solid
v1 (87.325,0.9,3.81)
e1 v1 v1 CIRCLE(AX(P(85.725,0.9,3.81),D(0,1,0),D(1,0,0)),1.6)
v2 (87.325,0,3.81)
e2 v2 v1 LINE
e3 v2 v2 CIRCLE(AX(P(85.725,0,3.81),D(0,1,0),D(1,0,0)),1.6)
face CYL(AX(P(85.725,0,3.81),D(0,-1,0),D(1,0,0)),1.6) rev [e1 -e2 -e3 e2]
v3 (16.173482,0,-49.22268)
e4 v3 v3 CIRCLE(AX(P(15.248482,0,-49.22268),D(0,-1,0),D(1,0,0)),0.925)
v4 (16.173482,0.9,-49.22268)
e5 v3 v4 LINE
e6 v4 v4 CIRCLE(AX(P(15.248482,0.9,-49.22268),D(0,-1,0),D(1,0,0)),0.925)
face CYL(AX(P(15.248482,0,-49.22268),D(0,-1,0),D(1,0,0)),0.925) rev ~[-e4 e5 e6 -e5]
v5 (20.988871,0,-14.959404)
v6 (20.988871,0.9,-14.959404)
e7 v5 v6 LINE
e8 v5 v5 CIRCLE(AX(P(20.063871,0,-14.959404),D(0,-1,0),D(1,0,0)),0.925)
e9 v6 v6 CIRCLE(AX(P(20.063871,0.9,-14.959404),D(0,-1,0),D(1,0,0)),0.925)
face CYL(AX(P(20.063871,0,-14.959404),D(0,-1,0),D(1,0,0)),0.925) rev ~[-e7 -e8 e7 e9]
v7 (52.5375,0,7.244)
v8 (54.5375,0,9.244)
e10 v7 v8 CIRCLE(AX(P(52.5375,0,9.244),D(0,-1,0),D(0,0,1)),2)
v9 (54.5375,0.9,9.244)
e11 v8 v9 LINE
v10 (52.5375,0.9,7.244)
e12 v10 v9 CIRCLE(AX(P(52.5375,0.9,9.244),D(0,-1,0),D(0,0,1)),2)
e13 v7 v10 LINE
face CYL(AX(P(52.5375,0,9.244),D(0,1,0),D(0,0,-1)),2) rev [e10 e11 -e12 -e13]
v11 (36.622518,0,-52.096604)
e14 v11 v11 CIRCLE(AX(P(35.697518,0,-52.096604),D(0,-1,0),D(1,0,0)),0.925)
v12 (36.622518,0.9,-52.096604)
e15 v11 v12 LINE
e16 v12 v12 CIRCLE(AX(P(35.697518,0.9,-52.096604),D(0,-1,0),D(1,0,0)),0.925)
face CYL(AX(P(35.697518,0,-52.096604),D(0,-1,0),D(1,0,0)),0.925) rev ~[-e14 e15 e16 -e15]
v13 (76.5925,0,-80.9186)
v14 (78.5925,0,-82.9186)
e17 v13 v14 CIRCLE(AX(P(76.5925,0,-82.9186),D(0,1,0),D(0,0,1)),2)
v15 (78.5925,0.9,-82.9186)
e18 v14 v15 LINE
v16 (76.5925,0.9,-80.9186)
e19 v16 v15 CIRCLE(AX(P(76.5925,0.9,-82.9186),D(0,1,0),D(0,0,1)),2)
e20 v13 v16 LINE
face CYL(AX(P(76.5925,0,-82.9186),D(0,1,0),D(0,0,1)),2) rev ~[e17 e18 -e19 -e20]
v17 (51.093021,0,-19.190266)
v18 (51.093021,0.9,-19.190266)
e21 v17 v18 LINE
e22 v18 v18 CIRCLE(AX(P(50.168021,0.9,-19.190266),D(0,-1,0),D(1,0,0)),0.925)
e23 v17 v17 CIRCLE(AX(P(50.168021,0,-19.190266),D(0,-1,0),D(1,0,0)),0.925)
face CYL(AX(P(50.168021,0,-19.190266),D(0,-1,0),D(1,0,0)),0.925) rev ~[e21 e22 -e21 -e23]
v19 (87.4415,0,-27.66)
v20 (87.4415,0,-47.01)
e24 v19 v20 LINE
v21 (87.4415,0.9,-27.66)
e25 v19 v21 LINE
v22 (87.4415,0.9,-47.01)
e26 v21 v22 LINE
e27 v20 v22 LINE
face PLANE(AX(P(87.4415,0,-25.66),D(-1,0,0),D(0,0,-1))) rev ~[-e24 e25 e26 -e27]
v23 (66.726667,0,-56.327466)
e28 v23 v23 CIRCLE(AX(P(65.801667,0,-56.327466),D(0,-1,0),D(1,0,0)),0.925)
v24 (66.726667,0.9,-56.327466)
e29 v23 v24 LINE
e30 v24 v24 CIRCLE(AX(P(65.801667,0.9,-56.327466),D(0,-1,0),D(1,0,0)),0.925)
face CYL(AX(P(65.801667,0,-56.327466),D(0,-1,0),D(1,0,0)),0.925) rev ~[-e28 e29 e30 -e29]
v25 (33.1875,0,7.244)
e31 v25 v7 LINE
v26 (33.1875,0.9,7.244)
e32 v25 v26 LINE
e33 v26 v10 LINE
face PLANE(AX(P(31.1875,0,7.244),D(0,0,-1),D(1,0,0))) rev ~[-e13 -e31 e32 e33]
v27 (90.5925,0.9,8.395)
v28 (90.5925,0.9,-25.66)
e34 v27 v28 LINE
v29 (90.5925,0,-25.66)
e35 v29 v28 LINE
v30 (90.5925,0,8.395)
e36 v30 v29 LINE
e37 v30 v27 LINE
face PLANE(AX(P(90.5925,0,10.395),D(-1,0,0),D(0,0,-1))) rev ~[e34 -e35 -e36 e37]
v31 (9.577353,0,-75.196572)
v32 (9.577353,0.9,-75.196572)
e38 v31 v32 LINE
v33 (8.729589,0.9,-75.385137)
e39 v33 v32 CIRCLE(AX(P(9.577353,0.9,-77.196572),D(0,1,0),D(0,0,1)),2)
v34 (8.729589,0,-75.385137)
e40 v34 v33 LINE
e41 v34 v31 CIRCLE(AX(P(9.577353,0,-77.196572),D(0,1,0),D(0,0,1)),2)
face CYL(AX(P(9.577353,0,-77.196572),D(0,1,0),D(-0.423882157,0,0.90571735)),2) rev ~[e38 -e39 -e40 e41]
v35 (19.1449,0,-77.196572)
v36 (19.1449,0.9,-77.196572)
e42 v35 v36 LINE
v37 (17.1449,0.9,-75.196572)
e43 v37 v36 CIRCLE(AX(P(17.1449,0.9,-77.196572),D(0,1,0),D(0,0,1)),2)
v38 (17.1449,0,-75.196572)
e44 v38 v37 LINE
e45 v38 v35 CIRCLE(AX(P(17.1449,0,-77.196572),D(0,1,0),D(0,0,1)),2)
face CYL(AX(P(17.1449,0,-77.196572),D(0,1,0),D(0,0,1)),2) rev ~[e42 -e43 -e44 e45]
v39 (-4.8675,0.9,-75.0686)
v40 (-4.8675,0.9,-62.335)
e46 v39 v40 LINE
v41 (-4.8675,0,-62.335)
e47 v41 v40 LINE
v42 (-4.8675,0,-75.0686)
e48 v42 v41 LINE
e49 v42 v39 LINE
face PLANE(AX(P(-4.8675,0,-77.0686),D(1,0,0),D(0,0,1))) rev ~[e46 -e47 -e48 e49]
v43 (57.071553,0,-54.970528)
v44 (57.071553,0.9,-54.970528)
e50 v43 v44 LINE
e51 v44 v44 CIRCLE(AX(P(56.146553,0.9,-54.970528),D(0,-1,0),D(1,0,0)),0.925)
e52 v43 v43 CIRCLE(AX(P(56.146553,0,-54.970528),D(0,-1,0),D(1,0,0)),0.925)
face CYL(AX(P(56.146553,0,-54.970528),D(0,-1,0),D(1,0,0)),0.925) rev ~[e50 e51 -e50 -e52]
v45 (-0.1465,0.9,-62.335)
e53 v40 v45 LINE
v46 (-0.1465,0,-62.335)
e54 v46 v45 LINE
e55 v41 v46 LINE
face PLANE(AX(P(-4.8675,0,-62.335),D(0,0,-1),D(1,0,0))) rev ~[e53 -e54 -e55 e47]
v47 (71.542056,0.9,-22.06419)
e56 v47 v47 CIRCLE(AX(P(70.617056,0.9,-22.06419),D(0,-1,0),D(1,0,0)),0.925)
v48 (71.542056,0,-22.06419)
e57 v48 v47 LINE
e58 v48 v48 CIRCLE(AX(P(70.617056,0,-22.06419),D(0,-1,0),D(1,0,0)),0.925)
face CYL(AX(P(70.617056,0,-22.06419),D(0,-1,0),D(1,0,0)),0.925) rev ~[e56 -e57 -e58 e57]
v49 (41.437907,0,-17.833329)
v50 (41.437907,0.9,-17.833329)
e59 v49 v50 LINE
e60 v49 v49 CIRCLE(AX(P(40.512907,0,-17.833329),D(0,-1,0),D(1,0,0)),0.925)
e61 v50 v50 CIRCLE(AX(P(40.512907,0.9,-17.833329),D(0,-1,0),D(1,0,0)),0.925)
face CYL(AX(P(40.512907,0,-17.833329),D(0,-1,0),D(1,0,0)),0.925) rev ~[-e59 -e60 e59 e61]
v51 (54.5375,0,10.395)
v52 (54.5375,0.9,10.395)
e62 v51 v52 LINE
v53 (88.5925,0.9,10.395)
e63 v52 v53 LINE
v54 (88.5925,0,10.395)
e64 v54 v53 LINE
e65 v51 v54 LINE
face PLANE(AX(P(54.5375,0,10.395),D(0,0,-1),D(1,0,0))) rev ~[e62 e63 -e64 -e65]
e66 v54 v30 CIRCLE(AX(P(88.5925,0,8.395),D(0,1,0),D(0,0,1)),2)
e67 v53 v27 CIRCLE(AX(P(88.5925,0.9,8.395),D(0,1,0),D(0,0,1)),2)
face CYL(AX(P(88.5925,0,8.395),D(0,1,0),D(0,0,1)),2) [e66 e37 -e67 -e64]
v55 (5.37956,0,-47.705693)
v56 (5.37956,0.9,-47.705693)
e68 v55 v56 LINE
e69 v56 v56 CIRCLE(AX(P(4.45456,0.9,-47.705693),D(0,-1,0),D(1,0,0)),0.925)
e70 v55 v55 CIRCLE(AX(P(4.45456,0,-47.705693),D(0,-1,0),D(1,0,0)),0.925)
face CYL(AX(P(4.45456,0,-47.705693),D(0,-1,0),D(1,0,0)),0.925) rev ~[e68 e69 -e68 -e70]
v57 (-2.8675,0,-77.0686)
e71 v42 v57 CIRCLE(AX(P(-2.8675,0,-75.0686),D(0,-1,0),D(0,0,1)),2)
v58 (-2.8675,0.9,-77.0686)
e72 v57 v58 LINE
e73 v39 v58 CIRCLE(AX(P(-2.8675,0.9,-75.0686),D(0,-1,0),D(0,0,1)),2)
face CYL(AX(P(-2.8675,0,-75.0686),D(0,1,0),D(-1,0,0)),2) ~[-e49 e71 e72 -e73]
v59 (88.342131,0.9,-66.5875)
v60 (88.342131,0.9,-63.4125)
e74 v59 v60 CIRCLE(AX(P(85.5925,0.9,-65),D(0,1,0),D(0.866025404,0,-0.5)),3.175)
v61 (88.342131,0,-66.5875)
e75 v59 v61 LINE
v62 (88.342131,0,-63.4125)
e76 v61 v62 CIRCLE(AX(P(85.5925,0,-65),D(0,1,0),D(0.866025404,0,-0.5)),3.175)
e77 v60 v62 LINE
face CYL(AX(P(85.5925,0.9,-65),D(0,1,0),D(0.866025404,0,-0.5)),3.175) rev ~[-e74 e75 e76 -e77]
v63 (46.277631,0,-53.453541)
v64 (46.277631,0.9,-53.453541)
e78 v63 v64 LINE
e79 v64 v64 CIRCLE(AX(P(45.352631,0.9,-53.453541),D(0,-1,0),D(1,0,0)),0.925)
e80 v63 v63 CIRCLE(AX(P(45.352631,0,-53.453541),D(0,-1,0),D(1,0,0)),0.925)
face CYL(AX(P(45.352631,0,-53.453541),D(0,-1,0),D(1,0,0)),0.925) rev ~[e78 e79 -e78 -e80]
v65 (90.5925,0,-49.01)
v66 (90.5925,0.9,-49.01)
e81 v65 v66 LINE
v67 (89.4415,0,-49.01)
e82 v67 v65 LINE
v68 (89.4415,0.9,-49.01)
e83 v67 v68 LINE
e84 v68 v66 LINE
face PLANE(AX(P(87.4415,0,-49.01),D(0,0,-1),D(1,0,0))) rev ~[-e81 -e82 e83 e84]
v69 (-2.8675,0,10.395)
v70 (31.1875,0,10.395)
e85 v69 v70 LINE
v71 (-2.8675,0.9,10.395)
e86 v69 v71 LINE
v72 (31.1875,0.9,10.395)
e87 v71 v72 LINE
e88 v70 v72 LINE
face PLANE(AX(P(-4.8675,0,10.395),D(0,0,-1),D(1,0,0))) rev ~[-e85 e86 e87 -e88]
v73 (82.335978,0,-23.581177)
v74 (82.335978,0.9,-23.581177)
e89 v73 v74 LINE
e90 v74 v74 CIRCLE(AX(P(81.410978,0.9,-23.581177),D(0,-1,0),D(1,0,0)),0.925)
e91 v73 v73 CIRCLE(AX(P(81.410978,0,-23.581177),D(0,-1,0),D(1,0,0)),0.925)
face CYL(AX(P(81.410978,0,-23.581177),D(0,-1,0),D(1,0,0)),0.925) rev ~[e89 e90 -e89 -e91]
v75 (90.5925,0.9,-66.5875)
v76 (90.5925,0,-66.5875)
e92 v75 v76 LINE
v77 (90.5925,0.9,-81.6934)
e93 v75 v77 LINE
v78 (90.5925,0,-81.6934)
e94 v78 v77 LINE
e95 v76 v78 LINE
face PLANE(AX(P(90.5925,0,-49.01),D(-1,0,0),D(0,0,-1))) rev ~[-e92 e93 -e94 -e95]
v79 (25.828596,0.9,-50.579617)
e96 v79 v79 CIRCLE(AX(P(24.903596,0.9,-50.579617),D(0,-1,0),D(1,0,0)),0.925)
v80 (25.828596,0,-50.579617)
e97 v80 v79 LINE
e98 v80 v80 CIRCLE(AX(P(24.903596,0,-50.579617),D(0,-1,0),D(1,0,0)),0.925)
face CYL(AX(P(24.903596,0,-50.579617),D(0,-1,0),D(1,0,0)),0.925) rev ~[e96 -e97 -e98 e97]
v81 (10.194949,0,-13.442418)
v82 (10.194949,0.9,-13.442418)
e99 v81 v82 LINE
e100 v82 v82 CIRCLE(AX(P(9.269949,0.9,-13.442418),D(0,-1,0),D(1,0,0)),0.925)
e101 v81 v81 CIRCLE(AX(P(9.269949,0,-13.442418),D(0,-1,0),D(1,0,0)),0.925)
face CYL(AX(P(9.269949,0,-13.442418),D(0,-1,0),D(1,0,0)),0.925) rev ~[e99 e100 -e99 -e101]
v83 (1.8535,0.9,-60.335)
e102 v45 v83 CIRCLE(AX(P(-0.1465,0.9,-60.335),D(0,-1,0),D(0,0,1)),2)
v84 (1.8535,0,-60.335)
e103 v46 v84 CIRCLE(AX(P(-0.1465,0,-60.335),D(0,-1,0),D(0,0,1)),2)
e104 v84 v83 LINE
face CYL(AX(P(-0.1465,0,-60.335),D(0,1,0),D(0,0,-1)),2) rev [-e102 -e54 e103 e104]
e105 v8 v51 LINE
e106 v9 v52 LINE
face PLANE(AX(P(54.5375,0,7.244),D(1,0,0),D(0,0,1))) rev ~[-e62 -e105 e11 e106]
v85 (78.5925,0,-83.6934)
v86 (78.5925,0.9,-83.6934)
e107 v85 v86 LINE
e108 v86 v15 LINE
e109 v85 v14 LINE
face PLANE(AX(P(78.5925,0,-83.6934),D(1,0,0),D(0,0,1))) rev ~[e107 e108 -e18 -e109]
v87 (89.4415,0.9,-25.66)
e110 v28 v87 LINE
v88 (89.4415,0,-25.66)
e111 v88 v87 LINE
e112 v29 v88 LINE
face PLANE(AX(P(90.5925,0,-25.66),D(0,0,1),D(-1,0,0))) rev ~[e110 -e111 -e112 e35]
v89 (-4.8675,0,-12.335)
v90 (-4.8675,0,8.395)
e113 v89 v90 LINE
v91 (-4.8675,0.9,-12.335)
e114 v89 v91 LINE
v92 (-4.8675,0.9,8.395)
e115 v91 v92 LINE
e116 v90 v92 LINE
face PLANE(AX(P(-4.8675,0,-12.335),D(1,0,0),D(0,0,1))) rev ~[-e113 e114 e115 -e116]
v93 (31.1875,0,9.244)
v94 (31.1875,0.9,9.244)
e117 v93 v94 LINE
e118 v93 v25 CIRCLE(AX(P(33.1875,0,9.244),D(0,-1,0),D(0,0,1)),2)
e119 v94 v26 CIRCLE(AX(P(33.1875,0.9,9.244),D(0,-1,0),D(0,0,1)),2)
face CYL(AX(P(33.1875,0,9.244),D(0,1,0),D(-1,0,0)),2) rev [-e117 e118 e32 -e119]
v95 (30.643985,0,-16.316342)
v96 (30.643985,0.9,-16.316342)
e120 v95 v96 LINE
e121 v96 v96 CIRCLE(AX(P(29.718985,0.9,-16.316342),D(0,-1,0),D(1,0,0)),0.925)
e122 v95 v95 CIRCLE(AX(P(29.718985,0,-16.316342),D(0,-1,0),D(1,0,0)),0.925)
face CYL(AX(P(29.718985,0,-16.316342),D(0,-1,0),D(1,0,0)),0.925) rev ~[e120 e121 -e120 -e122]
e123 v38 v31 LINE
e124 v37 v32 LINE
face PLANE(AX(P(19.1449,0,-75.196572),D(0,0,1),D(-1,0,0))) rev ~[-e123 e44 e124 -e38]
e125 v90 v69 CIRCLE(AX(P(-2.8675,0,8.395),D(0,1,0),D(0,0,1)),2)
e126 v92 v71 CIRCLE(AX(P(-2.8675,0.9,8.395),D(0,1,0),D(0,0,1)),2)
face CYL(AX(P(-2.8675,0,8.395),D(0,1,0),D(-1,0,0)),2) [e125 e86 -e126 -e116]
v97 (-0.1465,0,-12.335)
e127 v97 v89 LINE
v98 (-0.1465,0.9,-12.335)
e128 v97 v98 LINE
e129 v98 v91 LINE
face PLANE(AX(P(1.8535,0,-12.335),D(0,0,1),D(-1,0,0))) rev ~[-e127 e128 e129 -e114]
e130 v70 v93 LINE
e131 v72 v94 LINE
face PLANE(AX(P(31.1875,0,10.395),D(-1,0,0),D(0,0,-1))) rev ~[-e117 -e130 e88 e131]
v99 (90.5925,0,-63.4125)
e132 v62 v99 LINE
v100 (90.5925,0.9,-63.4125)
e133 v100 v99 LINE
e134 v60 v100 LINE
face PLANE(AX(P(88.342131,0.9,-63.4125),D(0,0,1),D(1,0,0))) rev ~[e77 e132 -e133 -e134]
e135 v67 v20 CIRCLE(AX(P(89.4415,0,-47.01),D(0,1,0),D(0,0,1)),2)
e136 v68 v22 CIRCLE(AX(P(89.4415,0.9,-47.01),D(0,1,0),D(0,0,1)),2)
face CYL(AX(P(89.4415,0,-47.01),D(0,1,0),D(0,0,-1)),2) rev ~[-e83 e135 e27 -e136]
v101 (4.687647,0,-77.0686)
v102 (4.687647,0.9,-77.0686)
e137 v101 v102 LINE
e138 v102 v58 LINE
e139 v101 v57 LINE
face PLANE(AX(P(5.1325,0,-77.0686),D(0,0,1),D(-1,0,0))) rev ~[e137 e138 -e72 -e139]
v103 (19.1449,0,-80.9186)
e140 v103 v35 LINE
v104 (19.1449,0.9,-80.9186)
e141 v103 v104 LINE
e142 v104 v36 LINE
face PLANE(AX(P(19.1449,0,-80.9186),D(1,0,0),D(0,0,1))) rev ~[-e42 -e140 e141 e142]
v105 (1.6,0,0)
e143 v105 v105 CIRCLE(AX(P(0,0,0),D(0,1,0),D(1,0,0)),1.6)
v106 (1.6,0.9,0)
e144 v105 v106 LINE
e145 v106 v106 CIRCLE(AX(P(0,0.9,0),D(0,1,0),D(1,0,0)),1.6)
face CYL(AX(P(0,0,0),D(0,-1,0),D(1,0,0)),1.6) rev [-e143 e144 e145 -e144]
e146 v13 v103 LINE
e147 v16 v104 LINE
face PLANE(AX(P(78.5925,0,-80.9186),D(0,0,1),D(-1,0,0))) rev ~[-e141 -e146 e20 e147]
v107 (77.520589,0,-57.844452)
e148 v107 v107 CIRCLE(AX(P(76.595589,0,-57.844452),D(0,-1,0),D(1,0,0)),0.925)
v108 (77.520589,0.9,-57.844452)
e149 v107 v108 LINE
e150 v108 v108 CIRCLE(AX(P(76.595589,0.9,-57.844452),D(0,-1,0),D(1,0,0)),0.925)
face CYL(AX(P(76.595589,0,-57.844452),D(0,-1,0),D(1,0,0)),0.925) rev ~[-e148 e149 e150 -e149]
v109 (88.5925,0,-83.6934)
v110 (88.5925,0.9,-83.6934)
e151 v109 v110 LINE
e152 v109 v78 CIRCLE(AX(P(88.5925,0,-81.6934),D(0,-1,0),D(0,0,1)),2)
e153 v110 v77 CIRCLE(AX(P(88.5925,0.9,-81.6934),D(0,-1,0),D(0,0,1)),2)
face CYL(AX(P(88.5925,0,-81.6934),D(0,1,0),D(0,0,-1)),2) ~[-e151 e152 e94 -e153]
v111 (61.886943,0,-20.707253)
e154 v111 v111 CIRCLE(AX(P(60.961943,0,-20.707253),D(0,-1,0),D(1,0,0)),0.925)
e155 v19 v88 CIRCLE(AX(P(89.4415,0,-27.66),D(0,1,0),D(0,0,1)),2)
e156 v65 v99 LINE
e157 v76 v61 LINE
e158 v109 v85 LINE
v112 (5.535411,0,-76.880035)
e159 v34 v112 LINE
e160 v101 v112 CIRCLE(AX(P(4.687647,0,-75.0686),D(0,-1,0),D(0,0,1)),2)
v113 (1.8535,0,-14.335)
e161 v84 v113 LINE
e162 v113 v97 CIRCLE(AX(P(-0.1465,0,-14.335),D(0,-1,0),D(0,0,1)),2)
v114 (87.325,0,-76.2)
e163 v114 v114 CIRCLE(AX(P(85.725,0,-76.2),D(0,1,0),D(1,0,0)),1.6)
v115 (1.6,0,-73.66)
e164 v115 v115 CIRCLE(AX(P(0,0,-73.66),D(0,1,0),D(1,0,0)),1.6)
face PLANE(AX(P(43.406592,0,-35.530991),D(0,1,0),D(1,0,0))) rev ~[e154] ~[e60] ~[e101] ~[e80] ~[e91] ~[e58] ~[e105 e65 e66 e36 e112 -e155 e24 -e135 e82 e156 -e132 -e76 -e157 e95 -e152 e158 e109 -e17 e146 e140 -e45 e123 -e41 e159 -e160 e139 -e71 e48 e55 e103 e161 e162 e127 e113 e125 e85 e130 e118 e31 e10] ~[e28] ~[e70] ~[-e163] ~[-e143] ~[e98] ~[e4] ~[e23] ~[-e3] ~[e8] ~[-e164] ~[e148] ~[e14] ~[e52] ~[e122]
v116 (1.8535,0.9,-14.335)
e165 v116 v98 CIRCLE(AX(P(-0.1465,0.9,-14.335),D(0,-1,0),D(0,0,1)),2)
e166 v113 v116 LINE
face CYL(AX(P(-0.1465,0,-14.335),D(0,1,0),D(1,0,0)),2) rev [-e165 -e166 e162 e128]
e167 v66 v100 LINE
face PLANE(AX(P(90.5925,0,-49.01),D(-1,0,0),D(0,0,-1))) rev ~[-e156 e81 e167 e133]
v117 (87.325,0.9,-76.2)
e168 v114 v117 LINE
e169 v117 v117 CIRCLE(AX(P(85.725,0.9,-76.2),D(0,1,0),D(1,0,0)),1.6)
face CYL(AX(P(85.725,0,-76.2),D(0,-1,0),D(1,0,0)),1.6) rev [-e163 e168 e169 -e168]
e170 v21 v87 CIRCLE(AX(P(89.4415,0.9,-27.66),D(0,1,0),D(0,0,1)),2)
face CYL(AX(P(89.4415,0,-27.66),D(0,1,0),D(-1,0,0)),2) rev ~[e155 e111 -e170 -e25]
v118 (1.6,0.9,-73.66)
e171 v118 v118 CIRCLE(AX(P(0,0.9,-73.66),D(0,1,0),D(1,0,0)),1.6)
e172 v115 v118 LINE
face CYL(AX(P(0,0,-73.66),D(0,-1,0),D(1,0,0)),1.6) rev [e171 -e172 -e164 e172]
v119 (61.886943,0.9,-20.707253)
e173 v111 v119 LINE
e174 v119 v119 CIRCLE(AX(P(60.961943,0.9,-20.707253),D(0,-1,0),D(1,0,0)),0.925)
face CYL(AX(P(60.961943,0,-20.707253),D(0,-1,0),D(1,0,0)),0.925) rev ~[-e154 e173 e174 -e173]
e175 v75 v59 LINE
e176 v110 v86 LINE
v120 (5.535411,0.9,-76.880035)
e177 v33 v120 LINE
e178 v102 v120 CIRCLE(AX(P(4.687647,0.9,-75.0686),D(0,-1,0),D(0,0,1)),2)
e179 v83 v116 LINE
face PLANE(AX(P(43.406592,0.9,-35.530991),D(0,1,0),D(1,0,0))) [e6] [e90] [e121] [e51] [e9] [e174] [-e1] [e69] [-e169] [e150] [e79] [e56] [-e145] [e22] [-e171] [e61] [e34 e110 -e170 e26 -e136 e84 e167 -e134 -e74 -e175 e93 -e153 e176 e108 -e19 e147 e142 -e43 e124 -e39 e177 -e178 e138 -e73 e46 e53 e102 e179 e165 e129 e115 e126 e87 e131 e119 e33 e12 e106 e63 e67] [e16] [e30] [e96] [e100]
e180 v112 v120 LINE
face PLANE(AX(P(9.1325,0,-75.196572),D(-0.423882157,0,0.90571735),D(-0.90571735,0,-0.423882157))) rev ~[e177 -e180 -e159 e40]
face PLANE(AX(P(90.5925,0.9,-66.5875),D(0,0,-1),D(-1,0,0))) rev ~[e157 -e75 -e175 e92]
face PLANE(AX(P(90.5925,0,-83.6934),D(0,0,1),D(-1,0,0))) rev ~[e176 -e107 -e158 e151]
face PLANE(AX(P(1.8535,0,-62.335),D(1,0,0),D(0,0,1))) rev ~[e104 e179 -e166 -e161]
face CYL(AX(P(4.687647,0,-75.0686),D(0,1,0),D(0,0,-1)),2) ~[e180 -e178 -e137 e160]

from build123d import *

# Parameters (mm, degrees)
SKETCH6_R          = 1.6
EXTRUDE1_DEPTH     = 0.9
FILLET1_R          = 2
SKETCH9_R          = 0.925
CUT_EXTRUDE1_DEPTH = 1.9
CUT_EXTRUDE2_DEPTH = 1.9


with BuildPart() as part:
    # Sketch6 → Extrude1 (new body)
    with BuildSketch(Plane(origin=(0, 0, 0), x_dir=(1, 0, 0), z_dir=(0, 1, 0))):
        Polygon((-4.8675, 77.0686), (-4.8675, 62.335), (1.8535, 62.335), (1.8535, 12.335), (-4.8675, 12.335), (-4.8675, -10.395), (31.1875, -10.395), (31.1875, -7.244), (54.5375, -7.244), (54.5375, -10.395), (90.5925, -10.395), (90.5925, 25.66), (87.4415, 25.66), (87.4415, 49.01), (90.5925, 49.01), (90.5925, 83.6934), (78.5925, 83.6934), (78.5925, 80.9186), (19.1449, 80.9186), (19.1449, 75.196571572), (9.1325, 75.196571572), (5.1325, 77.0686), align=None)
        with Locations((0, 73.66)):
            Circle(SKETCH6_R, mode=Mode.SUBTRACT)
        with Locations((85.725, 76.2)):
            Circle(SKETCH6_R, mode=Mode.SUBTRACT)
        Circle(SKETCH6_R, mode=Mode.SUBTRACT)
        with Locations((85.725, -3.81)):
            Circle(SKETCH6_R, mode=Mode.SUBTRACT)
    extrude(amount=EXTRUDE1_DEPTH)

    # Fillet1
    fillet1_edges = [part.edges().sort_by_distance(p)[0] for p in [
        (5.1325, 0.45, -77.0686),
        (9.1325, 0.45, -75.196571572),
        (19.1449, 0.45, -75.196571572),
        (78.5925, 0.45, -80.9186),
        (90.5925, 0.45, -83.6934),
        (87.4415, 0.45, -49.01),
        (87.4415, 0.45, -25.66),
        (90.5925, 0.45, 10.395),
        (54.5375, 0.45, 7.244),
        (31.1875, 0.45, 7.244),
        (-4.8675, 0.45, 10.395),
        (1.8535, 0.45, -12.335),
        (1.8535, 0.45, -62.335),
        (-4.8675, 0.45, -77.0686),
    ]]
    fillet(fillet1_edges, radius=FILLET1_R)

    # Sketch9 → Cut-Extrude1 (cut, through all)
    with BuildSketch(Plane.XZ):
        with Locations((4.454560153, -47.705692794)):
            Circle(SKETCH9_R)
        with Locations((15.248482102, -49.222679594)):
            Circle(SKETCH9_R)
        with Locations((9.269949446, -13.442417616)):
            Circle(SKETCH9_R)
        with Locations((20.063871395, -14.959404416)):
            Circle(SKETCH9_R)
        with Locations((29.718985107, -16.316341854)):
            Circle(SKETCH9_R)
        with Locations((24.903595814, -50.579617033)):
            Circle(SKETCH9_R)
        with Locations((35.697517763, -52.096603833)):
            Circle(SKETCH9_R)
        with Locations((40.512907056, -17.833328655)):
            Circle(SKETCH9_R)
        with Locations((50.168020768, -19.190266093)):
            Circle(SKETCH9_R)
        with Locations((45.352631475, -53.453541271)):
            Circle(SKETCH9_R)
        with Locations((56.146553424, -54.970528072)):
            Circle(SKETCH9_R)
        with Locations((60.961942717, -20.707252893)):
            Circle(SKETCH9_R)
        with Locations((65.801667136, -56.32746551)):
            Circle(SKETCH9_R)
        with Locations((70.617056429, -22.064190332)):
            Circle(SKETCH9_R)
        with Locations((81.410978378, -23.581177132)):
            Circle(SKETCH9_R)
        with Locations((76.595589085, -57.844452311)):
            Circle(SKETCH9_R)
    extrude(amount=-CUT_EXTRUDE1_DEPTH, mode=Mode.SUBTRACT)

    # Sketch11 → Cut-Extrude2 (cut, through all)
    with BuildSketch(Plane(origin=(0, 0.9, 0), x_dir=(1, 0, 0), z_dir=(0, 1, 0))):
        with BuildLine():
            Line((88.342130657, 63.4125), (90.5925, 63.4125))
            Line((90.5925, 63.4125), (90.5925, 66.5875))
            Line((90.5925, 66.5875), (88.342130657, 66.5875))
            ThreePointArc((88.342130657, 66.5875), (82.4175, 65), (88.342130657, 63.4125))
        make_face()
    extrude(amount=-CUT_EXTRUDE2_DEPTH, mode=Mode.SUBTRACT)


solid = part.part
